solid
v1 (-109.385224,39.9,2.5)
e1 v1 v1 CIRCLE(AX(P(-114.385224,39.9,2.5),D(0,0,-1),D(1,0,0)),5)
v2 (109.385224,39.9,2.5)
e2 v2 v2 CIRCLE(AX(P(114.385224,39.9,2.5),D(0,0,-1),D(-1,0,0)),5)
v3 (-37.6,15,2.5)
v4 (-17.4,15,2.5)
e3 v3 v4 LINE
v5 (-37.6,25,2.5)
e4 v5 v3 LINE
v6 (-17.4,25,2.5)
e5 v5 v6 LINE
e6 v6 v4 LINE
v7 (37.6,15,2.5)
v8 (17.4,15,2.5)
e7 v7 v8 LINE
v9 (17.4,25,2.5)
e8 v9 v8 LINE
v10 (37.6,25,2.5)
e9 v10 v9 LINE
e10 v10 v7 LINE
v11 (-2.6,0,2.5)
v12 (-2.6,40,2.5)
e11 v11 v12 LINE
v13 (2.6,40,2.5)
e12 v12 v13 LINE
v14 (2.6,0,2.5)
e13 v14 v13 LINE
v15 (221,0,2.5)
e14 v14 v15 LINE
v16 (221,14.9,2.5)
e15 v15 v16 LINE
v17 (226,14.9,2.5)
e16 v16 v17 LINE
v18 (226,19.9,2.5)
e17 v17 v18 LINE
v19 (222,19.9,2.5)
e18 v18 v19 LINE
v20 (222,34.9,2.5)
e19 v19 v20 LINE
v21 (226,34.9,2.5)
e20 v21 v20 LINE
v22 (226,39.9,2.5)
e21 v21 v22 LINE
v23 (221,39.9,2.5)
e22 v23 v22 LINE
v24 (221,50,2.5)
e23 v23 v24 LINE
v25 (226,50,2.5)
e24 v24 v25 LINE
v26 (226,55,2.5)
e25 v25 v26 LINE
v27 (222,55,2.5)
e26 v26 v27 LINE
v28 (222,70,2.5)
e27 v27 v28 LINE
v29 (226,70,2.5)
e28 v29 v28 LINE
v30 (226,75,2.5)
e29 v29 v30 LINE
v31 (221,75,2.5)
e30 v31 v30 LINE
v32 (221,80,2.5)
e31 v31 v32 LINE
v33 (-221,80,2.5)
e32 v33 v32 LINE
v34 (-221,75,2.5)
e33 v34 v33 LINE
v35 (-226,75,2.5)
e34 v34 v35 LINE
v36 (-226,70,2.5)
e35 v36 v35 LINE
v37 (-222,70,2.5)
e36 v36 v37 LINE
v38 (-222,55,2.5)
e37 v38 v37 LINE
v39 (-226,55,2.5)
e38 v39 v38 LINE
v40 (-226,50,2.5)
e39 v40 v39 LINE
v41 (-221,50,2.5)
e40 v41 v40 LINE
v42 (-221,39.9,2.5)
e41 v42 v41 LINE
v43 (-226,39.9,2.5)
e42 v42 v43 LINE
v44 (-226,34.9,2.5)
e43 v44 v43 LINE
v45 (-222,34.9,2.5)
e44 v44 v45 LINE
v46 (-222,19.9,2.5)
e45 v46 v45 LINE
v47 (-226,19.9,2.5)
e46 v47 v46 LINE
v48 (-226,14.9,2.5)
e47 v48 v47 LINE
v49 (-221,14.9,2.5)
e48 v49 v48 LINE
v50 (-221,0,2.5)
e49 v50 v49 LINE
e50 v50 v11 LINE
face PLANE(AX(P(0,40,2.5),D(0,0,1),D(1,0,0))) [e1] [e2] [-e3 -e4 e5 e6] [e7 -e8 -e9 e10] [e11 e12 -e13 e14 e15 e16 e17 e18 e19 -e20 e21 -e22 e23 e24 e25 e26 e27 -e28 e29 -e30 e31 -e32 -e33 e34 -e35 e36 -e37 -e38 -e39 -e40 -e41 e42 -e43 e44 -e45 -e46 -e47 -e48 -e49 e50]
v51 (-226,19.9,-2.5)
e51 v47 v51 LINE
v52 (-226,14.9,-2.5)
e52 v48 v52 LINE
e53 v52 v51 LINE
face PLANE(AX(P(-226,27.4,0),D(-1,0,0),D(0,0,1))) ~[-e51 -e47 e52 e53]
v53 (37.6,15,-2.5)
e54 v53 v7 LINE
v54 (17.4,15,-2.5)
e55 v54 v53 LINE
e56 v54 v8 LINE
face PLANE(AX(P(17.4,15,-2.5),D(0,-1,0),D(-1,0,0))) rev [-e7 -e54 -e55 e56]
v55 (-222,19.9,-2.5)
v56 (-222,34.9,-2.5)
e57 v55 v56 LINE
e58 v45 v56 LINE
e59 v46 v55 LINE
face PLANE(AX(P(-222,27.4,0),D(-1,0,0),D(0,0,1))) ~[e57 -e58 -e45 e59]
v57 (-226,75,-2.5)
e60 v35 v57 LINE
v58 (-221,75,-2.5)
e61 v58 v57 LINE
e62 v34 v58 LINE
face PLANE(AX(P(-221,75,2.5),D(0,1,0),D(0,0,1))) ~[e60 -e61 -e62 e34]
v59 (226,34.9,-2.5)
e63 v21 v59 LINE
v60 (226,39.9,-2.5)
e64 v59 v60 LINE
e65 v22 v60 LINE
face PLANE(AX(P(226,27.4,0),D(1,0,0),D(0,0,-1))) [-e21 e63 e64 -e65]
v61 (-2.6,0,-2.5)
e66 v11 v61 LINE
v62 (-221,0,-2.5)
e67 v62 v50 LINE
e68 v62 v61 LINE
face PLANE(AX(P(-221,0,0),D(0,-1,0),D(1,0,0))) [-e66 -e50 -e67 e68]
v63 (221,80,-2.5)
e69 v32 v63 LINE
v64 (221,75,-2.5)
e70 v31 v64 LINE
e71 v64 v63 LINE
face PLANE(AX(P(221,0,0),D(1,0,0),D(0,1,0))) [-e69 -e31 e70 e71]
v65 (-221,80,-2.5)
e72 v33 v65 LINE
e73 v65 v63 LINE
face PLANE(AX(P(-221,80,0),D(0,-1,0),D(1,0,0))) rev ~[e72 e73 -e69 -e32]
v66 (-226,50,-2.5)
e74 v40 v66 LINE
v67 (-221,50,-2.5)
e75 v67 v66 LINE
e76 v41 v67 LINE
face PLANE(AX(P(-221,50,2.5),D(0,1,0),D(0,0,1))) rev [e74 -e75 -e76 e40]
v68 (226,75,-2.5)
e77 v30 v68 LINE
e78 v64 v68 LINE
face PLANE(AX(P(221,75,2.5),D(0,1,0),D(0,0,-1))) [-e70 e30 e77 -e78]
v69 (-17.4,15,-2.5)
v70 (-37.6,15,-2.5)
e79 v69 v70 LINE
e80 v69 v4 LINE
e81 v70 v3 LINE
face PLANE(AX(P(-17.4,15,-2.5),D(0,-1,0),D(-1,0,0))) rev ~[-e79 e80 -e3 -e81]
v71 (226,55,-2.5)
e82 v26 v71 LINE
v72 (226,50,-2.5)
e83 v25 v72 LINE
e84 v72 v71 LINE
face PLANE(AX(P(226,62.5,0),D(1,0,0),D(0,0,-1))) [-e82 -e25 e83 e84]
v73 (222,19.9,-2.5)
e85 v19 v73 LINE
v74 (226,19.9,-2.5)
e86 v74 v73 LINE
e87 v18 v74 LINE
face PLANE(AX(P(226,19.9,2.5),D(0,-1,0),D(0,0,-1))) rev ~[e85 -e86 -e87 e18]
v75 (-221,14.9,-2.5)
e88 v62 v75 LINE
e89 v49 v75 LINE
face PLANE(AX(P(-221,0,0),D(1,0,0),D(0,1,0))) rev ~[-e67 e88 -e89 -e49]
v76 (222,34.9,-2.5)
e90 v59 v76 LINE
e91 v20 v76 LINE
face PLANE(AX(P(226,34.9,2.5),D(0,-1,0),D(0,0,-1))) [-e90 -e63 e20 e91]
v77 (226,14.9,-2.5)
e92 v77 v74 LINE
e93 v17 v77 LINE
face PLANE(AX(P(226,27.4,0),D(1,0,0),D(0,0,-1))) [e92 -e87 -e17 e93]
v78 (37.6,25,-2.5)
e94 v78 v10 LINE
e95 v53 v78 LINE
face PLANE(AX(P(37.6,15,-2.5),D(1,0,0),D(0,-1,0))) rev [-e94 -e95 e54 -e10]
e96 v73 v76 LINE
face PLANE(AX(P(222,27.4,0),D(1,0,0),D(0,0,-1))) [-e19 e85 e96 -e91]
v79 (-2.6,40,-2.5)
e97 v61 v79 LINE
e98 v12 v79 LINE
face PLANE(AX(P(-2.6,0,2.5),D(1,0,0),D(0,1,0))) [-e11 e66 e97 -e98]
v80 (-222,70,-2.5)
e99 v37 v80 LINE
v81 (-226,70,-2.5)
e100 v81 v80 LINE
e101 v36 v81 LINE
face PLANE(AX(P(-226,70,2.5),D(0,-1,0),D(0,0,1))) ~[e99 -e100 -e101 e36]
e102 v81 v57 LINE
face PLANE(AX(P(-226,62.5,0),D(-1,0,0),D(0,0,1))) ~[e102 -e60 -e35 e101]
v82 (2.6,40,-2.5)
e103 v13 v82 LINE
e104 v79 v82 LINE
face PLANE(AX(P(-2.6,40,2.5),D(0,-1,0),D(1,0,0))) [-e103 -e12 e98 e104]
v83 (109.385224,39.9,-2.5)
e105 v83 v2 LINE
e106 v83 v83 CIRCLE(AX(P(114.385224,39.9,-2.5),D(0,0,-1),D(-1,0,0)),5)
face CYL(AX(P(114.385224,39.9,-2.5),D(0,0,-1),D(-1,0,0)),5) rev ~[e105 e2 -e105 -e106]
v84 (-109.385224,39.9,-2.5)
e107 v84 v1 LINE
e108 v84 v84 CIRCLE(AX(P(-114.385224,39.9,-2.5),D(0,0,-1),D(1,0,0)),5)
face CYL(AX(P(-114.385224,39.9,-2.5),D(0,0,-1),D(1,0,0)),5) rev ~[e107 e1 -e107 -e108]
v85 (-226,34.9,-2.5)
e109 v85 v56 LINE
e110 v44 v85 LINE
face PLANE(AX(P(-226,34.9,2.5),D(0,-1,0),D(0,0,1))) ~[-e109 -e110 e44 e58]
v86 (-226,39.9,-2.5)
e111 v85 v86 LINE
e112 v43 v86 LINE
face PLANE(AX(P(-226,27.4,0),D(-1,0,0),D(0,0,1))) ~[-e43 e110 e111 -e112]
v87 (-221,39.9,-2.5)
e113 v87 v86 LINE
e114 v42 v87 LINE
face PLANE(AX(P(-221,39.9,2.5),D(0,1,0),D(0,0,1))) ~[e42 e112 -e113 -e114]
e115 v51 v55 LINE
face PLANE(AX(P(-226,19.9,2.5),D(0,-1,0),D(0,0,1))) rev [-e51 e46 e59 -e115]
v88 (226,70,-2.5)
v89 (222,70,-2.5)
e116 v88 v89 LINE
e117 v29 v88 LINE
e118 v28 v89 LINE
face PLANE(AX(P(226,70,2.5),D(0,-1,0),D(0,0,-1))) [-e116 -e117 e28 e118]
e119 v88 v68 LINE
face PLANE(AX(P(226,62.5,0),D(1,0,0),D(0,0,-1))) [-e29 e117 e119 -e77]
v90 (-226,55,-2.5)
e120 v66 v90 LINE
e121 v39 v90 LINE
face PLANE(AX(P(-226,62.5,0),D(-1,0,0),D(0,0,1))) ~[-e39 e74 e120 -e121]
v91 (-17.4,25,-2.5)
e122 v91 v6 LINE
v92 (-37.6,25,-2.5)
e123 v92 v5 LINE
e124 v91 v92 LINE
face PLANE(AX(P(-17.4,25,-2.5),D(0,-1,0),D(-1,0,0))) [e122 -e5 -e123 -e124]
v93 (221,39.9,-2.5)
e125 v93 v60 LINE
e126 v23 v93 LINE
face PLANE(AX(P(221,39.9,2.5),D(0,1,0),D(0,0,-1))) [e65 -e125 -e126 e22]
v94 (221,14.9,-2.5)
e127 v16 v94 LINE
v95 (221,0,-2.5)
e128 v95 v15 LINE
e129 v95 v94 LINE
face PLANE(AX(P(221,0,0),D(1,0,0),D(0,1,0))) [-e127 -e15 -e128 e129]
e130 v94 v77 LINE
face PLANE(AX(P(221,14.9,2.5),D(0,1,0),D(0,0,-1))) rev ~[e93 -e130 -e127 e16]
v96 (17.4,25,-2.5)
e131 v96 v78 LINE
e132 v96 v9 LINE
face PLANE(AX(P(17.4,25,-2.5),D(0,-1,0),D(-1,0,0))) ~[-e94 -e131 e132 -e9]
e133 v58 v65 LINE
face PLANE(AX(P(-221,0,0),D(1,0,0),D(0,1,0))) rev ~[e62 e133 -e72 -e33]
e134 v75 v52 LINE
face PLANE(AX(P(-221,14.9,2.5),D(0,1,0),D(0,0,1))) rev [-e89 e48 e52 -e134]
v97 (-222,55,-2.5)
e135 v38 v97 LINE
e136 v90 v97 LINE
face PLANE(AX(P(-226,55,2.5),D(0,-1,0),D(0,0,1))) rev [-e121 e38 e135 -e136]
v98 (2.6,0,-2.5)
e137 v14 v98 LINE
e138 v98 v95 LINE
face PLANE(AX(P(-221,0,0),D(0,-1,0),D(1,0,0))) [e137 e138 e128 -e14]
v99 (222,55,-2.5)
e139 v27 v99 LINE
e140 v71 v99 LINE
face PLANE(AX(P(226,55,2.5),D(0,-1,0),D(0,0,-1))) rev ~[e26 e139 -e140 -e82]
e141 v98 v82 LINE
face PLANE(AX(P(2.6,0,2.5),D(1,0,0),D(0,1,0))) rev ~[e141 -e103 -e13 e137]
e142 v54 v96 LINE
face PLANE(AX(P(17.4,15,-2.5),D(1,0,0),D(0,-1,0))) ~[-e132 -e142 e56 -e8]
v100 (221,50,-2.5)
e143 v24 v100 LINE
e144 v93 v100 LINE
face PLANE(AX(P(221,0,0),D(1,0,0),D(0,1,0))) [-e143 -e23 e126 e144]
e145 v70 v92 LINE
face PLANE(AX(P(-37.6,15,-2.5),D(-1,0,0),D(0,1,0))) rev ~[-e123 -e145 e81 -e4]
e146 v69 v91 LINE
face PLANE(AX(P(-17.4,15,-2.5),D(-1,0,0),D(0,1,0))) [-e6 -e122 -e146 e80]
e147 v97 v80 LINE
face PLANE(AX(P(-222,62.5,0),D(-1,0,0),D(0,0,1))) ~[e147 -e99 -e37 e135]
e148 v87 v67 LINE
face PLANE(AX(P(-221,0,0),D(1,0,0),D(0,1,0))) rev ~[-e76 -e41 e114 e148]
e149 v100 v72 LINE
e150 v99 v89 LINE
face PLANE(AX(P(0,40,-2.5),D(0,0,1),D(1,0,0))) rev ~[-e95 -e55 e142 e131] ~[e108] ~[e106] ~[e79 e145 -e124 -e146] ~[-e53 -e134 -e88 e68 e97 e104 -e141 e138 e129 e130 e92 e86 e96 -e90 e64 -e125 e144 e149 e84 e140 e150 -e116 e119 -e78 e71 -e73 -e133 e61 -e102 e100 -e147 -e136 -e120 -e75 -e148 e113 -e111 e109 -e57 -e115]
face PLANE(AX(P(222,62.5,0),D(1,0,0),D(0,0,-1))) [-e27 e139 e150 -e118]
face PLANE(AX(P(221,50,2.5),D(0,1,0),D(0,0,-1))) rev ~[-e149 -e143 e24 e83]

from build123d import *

# Parameters (mm, degrees)
SKETCH1_W           = 442
SKETCH1_H           = 80
BOSS_EXTRUDE1_DEPTH = 2.5
SKETCH7_W           = 5
SKETCH7_H           = 25
BOSS_EXTRUDE2_DEPTH = 5
SKETCH8_W           = 5
SKETCH8_H           = 15
CUT_EXTRUDE6_DEPTH  = 4
SKETCH4_W           = 5.2
SKETCH4_H           = 40
CUT_EXTRUDE7_DEPTH  = 10
SKETCH10_W          = 20.2
SKETCH10_H          = 10
CUT_EXTRUDE8_DEPTH  = 300
SKETCH11_R          = 5
CUT_EXTRUDE9_DEPTH  = 10


with BuildPart() as part:
    # Sketch1 → Boss-Extrude1 (new, symmetric)
    with BuildSketch(Plane.XY):
        with Locations((0, 40)):
            Rectangle(SKETCH1_W, SKETCH1_H)
    extrude(amount=BOSS_EXTRUDE1_DEPTH, both=True)

    # Sketch7 → Boss-Extrude2 (add)
    with BuildSketch(Plane(origin=(221, 0, 0), x_dir=(0, 0, -1), z_dir=(1, 0, 0))):
        with Locations((0, 62.5)):
            Rectangle(SKETCH7_W, SKETCH7_H)
        with Locations((0, 27.4)):
            Rectangle(SKETCH7_W, SKETCH7_H)
    boss_extrude2 = extrude(amount=BOSS_EXTRUDE2_DEPTH)

    # Sketch8 → Cut-Extrude6 (cut)
    with BuildSketch(Plane(origin=(226, 0, 0), x_dir=(0, 0, -1), z_dir=(1, 0, 0))):
        with Locations((0, 62.5)):
            Rectangle(SKETCH8_W, SKETCH8_H)
        with Locations((0, 27.4)):
            Rectangle(SKETCH8_W, SKETCH8_H)
    cut_extrude6 = extrude(amount=-CUT_EXTRUDE6_DEPTH, mode=Mode.SUBTRACT)

    # Mirror8: Boss-Extrude2, Cut-Extrude6 across plane
    add(boss_extrude2.mirror(Plane(origin=(0, 0, 0), x_dir=(0, 0, 1), z_dir=(1, 0, 0))))
    add(cut_extrude6.mirror(Plane(origin=(0, 0, 0), x_dir=(0, 0, 1), z_dir=(1, 0, 0))), mode=Mode.SUBTRACT)

    # Sketch4 → Cut-Extrude7 (cut)
    with BuildSketch(Plane.XY.offset(2.5)):
        with Locations((0, 20)):
            Rectangle(SKETCH4_W, SKETCH4_H)
    extrude(amount=-CUT_EXTRUDE7_DEPTH, mode=Mode.SUBTRACT)

    # Sketch10 → Cut-Extrude8 (cut)
    with BuildSketch(Plane(origin=(0, -565.456150304, -2.5), x_dir=(-1, 0, 0), z_dir=(0, 0, -1))):
        with Locations((27.5, 585.456150304)):
            Rectangle(SKETCH10_W, SKETCH10_H)
    cut_extrude8 = extrude(amount=-CUT_EXTRUDE8_DEPTH, mode=Mode.SUBTRACT)

    # Mirror9: Cut-Extrude8 across plane
    add(cut_extrude8.mirror(Plane(origin=(0, 0, 0), x_dir=(0, 0, 1), z_dir=(1, 0, 0))), mode=Mode.SUBTRACT)

    # Sketch11 → Cut-Extrude9 (cut)
    with BuildSketch(Plane(origin=(0, 0, -2.5), x_dir=(-1, 0, 0), z_dir=(0, 0, -1))):
        with Locations((-114.385224348, 39.9)):
            Circle(SKETCH11_R)
        with Locations(Location((114.385224348, 39.9, 0), (0, 0, 180))):
            Circle(SKETCH11_R)
    extrude(amount=-CUT_EXTRUDE9_DEPTH, mode=Mode.SUBTRACT)


solid = part.part
